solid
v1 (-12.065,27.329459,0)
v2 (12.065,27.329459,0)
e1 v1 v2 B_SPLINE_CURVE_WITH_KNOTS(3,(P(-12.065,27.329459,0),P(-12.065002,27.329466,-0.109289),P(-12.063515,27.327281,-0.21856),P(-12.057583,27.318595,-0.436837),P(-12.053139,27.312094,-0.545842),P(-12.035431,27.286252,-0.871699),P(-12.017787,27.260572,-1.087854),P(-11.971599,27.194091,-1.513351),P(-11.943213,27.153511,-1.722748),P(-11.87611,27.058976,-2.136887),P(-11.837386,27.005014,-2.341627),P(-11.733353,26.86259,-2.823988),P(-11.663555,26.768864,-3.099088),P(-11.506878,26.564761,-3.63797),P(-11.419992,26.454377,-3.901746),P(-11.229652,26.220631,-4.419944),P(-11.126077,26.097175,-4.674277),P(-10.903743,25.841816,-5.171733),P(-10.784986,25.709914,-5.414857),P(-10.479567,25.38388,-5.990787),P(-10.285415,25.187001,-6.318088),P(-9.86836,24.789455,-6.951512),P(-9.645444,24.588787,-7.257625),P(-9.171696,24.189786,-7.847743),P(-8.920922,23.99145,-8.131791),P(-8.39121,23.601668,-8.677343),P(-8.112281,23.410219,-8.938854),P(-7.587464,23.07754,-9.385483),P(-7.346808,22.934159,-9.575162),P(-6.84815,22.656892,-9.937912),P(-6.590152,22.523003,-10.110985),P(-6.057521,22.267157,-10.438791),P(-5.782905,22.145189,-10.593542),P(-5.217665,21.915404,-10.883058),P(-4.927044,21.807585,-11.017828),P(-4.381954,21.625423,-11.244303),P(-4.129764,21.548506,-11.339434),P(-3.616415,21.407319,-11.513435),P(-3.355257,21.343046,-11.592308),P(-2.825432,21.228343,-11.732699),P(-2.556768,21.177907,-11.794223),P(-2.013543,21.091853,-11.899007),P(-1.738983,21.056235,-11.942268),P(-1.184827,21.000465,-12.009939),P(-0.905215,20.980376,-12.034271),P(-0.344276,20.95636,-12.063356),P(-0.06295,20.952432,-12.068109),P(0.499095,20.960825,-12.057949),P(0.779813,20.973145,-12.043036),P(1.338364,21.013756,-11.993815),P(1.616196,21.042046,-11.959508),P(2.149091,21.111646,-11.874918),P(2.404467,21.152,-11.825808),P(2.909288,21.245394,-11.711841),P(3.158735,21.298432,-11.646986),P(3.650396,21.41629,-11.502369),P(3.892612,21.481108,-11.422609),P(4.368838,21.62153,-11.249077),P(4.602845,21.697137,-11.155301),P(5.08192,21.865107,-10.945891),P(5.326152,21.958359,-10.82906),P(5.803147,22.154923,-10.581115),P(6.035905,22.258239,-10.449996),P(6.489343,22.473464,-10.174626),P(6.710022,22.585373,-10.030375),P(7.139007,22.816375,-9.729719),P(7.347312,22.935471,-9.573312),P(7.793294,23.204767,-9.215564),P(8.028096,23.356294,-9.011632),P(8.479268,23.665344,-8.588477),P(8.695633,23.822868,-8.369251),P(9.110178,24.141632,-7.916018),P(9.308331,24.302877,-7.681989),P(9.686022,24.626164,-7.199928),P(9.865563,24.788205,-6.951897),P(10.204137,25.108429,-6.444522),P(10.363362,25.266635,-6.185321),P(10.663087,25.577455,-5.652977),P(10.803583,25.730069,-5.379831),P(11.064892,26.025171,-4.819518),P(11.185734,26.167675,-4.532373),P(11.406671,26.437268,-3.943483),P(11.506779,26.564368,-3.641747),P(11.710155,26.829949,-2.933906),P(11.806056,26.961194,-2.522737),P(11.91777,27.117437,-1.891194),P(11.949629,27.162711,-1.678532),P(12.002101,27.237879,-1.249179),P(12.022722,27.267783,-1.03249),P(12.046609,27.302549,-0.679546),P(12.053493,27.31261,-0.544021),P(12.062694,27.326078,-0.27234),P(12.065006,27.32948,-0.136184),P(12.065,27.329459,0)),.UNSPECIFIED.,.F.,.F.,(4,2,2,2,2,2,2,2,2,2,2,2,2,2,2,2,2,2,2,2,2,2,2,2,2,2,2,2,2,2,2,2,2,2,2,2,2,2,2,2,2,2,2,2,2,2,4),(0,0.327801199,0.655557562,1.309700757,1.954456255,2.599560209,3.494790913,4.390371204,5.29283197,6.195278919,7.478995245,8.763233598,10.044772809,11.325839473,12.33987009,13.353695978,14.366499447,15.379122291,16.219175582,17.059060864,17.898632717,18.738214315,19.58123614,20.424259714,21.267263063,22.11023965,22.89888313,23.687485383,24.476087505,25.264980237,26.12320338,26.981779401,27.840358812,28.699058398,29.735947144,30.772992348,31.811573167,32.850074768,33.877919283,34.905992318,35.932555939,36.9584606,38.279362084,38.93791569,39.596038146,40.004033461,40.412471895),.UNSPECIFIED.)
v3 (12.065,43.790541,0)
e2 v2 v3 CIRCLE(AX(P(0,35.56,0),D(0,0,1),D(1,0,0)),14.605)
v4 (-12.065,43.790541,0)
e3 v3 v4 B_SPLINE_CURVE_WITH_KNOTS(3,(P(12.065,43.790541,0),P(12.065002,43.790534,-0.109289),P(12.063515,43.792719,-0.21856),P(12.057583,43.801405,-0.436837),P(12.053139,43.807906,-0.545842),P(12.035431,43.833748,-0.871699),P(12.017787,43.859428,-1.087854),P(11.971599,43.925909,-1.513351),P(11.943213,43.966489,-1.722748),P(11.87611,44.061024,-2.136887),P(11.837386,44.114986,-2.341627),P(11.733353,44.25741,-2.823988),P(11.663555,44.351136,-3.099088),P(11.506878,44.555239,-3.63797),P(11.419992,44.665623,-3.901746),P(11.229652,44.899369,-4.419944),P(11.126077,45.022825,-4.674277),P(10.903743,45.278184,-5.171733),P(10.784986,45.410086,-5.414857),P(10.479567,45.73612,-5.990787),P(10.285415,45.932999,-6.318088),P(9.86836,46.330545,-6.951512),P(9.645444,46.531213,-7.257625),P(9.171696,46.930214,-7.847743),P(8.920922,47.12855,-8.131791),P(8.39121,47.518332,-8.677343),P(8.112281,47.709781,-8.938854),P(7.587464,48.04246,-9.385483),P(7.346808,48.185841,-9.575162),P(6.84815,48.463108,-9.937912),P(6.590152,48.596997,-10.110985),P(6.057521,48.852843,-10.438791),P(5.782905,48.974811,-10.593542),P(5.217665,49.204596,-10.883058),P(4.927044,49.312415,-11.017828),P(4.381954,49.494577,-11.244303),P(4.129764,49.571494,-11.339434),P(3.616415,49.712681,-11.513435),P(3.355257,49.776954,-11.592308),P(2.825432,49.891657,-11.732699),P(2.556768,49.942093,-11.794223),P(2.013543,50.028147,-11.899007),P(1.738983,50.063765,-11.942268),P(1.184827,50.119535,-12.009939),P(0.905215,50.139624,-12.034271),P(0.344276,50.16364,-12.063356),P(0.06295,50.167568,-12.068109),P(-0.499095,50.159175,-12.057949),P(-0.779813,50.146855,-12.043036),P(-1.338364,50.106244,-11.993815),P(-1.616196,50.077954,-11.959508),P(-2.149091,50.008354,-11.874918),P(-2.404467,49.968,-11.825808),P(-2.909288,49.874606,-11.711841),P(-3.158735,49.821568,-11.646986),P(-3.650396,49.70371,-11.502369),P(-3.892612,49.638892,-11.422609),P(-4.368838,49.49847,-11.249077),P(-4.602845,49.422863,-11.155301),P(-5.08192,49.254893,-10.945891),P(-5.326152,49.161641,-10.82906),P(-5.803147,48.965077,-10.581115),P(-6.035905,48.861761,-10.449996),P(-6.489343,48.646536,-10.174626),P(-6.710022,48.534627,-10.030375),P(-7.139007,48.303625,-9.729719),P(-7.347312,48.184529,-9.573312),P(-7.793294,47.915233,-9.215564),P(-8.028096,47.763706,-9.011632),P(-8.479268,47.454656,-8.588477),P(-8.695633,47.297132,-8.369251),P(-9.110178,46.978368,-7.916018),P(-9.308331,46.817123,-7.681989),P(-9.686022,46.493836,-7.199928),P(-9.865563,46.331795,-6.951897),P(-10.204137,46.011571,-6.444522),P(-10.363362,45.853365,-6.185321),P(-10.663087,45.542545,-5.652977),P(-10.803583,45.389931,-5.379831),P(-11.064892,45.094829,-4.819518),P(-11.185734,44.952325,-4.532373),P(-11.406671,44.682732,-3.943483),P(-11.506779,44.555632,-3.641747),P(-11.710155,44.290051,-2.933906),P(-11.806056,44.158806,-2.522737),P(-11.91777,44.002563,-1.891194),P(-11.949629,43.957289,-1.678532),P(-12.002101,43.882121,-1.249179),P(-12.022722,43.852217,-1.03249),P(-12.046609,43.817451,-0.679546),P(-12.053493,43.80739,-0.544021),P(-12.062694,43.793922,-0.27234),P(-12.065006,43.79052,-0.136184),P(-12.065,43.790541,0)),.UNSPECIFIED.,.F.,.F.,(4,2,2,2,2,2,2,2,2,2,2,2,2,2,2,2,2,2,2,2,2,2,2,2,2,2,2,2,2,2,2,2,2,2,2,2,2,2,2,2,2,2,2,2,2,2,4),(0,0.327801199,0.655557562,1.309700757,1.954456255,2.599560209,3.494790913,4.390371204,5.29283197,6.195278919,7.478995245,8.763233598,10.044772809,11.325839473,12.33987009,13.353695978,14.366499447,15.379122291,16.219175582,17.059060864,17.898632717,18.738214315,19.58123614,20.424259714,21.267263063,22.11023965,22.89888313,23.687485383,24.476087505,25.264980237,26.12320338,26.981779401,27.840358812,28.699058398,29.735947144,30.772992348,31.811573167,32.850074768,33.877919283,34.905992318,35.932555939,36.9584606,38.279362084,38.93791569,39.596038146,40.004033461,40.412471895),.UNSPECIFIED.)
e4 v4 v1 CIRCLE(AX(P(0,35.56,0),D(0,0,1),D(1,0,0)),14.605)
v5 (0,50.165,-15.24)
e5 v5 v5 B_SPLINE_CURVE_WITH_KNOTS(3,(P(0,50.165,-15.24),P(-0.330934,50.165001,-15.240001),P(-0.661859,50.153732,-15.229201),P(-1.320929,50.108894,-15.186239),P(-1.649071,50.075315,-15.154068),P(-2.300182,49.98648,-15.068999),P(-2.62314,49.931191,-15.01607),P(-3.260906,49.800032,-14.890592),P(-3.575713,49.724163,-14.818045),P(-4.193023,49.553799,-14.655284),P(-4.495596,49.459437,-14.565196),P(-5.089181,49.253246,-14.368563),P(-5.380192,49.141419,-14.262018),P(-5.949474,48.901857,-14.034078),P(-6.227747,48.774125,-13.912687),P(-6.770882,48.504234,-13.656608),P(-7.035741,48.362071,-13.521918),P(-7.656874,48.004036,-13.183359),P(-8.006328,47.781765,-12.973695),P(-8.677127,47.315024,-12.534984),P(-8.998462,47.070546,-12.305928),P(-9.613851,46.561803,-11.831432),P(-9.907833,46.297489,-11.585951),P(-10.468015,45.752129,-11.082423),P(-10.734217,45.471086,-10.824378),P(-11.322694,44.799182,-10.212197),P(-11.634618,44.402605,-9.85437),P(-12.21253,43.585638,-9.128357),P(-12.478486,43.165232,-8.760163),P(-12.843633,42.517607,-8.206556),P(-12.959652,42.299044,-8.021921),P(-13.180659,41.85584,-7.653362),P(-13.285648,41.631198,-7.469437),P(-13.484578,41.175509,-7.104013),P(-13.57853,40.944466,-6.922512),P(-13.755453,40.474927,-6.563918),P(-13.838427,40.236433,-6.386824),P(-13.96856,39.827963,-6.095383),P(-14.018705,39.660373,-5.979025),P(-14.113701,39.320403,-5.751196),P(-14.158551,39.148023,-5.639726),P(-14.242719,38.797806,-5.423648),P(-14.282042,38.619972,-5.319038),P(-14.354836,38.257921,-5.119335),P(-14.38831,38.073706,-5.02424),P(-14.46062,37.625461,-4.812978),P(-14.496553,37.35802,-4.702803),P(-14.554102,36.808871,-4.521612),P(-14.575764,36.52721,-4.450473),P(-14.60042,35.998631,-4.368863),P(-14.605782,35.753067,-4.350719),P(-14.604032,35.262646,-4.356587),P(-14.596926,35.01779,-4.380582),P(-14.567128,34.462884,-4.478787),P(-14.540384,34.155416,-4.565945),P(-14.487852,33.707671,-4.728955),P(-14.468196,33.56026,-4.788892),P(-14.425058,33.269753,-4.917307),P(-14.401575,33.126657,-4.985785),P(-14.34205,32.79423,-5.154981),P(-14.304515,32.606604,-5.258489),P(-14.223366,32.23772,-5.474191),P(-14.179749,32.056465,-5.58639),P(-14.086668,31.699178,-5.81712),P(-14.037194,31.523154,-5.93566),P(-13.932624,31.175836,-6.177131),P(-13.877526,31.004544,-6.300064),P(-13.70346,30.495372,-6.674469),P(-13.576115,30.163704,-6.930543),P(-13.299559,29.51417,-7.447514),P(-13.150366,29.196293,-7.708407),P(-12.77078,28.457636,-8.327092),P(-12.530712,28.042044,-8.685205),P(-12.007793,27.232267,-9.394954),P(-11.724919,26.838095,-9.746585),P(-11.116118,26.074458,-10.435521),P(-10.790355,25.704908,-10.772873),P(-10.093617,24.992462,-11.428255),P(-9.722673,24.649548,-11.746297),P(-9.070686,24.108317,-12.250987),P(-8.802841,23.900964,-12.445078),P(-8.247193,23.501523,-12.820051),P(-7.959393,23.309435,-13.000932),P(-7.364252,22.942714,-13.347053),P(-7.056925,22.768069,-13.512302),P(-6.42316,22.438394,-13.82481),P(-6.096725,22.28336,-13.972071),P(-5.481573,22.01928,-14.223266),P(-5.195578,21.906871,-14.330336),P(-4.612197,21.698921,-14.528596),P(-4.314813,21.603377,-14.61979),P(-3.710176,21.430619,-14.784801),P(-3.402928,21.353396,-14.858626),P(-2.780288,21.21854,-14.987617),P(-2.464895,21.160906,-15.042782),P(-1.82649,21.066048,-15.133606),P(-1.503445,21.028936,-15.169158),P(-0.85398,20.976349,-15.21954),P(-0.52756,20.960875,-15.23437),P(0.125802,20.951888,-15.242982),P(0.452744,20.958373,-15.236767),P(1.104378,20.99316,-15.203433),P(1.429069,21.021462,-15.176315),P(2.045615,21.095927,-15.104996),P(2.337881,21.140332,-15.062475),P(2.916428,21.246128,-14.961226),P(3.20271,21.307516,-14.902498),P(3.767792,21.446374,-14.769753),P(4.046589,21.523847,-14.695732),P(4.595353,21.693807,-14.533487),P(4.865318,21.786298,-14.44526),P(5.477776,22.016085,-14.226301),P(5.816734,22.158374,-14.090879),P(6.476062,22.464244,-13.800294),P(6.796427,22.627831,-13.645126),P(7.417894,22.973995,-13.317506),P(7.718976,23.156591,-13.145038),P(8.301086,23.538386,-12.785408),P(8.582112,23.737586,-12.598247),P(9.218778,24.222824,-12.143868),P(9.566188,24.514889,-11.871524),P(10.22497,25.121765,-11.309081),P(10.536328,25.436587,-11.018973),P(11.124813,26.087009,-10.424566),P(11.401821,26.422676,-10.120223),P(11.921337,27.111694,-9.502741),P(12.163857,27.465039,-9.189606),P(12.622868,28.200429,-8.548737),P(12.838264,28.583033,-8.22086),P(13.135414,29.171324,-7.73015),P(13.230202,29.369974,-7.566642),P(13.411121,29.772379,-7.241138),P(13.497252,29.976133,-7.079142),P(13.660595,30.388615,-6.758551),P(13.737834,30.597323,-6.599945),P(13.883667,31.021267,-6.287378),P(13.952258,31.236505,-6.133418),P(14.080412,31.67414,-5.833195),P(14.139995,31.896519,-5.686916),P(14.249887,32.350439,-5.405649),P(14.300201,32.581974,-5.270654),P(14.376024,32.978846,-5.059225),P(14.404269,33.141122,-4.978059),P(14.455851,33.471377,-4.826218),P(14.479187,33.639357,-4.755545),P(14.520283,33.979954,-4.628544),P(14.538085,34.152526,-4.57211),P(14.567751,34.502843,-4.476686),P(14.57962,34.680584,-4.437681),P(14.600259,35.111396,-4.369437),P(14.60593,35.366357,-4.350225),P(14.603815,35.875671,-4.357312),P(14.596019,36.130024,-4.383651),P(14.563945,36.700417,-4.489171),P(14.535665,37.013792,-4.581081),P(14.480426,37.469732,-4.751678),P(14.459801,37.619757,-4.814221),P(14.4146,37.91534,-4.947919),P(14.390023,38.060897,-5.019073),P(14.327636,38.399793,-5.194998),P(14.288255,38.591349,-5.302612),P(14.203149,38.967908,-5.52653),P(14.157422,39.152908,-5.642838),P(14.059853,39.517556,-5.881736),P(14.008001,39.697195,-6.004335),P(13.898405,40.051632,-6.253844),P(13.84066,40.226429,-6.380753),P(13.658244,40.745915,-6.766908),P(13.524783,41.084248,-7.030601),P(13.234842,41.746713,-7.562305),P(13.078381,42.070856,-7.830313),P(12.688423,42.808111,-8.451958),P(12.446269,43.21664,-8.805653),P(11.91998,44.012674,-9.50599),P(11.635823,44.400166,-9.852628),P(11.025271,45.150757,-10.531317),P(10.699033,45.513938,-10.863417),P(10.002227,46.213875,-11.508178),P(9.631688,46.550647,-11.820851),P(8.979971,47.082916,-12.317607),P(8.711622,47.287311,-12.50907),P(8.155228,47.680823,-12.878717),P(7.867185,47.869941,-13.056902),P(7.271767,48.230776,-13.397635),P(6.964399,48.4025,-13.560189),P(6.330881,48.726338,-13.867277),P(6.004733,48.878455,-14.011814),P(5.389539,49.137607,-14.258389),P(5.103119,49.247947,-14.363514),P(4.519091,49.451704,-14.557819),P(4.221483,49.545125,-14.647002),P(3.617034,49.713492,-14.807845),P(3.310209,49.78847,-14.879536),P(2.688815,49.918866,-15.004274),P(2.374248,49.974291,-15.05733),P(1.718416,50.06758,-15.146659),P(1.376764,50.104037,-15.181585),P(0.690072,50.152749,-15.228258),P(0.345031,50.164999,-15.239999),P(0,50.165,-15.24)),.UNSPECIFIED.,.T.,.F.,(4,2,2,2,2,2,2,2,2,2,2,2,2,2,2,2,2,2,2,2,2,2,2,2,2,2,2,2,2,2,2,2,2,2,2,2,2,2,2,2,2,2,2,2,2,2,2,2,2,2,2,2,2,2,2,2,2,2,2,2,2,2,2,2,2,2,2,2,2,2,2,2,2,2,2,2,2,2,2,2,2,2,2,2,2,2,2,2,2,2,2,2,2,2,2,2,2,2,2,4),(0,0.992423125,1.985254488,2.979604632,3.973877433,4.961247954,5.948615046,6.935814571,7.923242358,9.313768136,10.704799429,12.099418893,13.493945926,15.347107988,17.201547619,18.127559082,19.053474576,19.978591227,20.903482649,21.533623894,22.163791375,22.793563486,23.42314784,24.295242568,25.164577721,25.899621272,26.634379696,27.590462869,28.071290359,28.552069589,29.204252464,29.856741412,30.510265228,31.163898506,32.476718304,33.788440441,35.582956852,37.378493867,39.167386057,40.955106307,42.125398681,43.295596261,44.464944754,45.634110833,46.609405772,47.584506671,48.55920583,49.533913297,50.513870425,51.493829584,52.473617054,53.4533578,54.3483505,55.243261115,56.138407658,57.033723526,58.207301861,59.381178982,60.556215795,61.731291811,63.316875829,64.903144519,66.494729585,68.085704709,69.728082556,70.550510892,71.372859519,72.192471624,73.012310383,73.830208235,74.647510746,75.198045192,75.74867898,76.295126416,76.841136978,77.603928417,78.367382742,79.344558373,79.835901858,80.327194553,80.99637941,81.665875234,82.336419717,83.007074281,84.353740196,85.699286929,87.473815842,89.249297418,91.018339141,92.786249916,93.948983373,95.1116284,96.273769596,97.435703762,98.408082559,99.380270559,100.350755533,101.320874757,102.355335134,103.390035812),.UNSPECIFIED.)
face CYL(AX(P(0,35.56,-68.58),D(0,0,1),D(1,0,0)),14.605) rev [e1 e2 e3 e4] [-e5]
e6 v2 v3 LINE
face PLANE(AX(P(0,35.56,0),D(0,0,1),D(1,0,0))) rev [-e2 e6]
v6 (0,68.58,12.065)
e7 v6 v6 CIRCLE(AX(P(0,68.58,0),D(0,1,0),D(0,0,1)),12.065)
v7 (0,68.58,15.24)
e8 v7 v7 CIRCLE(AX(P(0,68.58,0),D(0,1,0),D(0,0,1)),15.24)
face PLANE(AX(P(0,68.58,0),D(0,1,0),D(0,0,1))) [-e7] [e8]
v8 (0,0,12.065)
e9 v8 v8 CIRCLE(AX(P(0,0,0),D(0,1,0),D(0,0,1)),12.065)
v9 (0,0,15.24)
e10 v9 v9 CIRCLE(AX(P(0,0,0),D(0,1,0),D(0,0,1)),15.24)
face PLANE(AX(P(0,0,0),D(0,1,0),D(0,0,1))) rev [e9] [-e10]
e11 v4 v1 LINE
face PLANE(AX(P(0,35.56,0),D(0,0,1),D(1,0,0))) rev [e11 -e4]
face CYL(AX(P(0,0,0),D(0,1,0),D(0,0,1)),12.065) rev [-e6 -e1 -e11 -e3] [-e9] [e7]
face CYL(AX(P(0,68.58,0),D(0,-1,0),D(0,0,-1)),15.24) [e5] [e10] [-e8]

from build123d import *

# Parameters (mm, degrees)
SKETCH1_R           = 15.24
BOSS_EXTRUDE1_DEPTH = 68.58
SKETCH2_R           = 14.605
CUT_EXTRUDE1_DEPTH  = 68.58
SKETCH3_R           = 12.065
CUT_EXTRUDE2_DEPTH  = 68.58


with BuildPart() as part:
    # Sketch1 → Boss-Extrude1 (new body)
    with BuildSketch(Plane(origin=(0, 0, 0), x_dir=(1, 0, 0), z_dir=(0, 1, 0))):
        Circle(SKETCH1_R)
    extrude(amount=BOSS_EXTRUDE1_DEPTH)

    # Sketch2 → Cut-Extrude1 (cut)
    with BuildSketch(Plane.XY):
        with Locations((0, 35.56)):
            Circle(SKETCH2_R)
    extrude(amount=-CUT_EXTRUDE1_DEPTH, mode=Mode.SUBTRACT)

    # Sketch3 → Cut-Extrude2 (cut)
    with BuildSketch(Plane(origin=(0, 68.58, 0), x_dir=(-1, 0, 0), z_dir=(0, 1, 0))):
        Circle(SKETCH3_R)
    extrude(amount=-CUT_EXTRUDE2_DEPTH, mode=Mode.SUBTRACT)


solid = part.part
